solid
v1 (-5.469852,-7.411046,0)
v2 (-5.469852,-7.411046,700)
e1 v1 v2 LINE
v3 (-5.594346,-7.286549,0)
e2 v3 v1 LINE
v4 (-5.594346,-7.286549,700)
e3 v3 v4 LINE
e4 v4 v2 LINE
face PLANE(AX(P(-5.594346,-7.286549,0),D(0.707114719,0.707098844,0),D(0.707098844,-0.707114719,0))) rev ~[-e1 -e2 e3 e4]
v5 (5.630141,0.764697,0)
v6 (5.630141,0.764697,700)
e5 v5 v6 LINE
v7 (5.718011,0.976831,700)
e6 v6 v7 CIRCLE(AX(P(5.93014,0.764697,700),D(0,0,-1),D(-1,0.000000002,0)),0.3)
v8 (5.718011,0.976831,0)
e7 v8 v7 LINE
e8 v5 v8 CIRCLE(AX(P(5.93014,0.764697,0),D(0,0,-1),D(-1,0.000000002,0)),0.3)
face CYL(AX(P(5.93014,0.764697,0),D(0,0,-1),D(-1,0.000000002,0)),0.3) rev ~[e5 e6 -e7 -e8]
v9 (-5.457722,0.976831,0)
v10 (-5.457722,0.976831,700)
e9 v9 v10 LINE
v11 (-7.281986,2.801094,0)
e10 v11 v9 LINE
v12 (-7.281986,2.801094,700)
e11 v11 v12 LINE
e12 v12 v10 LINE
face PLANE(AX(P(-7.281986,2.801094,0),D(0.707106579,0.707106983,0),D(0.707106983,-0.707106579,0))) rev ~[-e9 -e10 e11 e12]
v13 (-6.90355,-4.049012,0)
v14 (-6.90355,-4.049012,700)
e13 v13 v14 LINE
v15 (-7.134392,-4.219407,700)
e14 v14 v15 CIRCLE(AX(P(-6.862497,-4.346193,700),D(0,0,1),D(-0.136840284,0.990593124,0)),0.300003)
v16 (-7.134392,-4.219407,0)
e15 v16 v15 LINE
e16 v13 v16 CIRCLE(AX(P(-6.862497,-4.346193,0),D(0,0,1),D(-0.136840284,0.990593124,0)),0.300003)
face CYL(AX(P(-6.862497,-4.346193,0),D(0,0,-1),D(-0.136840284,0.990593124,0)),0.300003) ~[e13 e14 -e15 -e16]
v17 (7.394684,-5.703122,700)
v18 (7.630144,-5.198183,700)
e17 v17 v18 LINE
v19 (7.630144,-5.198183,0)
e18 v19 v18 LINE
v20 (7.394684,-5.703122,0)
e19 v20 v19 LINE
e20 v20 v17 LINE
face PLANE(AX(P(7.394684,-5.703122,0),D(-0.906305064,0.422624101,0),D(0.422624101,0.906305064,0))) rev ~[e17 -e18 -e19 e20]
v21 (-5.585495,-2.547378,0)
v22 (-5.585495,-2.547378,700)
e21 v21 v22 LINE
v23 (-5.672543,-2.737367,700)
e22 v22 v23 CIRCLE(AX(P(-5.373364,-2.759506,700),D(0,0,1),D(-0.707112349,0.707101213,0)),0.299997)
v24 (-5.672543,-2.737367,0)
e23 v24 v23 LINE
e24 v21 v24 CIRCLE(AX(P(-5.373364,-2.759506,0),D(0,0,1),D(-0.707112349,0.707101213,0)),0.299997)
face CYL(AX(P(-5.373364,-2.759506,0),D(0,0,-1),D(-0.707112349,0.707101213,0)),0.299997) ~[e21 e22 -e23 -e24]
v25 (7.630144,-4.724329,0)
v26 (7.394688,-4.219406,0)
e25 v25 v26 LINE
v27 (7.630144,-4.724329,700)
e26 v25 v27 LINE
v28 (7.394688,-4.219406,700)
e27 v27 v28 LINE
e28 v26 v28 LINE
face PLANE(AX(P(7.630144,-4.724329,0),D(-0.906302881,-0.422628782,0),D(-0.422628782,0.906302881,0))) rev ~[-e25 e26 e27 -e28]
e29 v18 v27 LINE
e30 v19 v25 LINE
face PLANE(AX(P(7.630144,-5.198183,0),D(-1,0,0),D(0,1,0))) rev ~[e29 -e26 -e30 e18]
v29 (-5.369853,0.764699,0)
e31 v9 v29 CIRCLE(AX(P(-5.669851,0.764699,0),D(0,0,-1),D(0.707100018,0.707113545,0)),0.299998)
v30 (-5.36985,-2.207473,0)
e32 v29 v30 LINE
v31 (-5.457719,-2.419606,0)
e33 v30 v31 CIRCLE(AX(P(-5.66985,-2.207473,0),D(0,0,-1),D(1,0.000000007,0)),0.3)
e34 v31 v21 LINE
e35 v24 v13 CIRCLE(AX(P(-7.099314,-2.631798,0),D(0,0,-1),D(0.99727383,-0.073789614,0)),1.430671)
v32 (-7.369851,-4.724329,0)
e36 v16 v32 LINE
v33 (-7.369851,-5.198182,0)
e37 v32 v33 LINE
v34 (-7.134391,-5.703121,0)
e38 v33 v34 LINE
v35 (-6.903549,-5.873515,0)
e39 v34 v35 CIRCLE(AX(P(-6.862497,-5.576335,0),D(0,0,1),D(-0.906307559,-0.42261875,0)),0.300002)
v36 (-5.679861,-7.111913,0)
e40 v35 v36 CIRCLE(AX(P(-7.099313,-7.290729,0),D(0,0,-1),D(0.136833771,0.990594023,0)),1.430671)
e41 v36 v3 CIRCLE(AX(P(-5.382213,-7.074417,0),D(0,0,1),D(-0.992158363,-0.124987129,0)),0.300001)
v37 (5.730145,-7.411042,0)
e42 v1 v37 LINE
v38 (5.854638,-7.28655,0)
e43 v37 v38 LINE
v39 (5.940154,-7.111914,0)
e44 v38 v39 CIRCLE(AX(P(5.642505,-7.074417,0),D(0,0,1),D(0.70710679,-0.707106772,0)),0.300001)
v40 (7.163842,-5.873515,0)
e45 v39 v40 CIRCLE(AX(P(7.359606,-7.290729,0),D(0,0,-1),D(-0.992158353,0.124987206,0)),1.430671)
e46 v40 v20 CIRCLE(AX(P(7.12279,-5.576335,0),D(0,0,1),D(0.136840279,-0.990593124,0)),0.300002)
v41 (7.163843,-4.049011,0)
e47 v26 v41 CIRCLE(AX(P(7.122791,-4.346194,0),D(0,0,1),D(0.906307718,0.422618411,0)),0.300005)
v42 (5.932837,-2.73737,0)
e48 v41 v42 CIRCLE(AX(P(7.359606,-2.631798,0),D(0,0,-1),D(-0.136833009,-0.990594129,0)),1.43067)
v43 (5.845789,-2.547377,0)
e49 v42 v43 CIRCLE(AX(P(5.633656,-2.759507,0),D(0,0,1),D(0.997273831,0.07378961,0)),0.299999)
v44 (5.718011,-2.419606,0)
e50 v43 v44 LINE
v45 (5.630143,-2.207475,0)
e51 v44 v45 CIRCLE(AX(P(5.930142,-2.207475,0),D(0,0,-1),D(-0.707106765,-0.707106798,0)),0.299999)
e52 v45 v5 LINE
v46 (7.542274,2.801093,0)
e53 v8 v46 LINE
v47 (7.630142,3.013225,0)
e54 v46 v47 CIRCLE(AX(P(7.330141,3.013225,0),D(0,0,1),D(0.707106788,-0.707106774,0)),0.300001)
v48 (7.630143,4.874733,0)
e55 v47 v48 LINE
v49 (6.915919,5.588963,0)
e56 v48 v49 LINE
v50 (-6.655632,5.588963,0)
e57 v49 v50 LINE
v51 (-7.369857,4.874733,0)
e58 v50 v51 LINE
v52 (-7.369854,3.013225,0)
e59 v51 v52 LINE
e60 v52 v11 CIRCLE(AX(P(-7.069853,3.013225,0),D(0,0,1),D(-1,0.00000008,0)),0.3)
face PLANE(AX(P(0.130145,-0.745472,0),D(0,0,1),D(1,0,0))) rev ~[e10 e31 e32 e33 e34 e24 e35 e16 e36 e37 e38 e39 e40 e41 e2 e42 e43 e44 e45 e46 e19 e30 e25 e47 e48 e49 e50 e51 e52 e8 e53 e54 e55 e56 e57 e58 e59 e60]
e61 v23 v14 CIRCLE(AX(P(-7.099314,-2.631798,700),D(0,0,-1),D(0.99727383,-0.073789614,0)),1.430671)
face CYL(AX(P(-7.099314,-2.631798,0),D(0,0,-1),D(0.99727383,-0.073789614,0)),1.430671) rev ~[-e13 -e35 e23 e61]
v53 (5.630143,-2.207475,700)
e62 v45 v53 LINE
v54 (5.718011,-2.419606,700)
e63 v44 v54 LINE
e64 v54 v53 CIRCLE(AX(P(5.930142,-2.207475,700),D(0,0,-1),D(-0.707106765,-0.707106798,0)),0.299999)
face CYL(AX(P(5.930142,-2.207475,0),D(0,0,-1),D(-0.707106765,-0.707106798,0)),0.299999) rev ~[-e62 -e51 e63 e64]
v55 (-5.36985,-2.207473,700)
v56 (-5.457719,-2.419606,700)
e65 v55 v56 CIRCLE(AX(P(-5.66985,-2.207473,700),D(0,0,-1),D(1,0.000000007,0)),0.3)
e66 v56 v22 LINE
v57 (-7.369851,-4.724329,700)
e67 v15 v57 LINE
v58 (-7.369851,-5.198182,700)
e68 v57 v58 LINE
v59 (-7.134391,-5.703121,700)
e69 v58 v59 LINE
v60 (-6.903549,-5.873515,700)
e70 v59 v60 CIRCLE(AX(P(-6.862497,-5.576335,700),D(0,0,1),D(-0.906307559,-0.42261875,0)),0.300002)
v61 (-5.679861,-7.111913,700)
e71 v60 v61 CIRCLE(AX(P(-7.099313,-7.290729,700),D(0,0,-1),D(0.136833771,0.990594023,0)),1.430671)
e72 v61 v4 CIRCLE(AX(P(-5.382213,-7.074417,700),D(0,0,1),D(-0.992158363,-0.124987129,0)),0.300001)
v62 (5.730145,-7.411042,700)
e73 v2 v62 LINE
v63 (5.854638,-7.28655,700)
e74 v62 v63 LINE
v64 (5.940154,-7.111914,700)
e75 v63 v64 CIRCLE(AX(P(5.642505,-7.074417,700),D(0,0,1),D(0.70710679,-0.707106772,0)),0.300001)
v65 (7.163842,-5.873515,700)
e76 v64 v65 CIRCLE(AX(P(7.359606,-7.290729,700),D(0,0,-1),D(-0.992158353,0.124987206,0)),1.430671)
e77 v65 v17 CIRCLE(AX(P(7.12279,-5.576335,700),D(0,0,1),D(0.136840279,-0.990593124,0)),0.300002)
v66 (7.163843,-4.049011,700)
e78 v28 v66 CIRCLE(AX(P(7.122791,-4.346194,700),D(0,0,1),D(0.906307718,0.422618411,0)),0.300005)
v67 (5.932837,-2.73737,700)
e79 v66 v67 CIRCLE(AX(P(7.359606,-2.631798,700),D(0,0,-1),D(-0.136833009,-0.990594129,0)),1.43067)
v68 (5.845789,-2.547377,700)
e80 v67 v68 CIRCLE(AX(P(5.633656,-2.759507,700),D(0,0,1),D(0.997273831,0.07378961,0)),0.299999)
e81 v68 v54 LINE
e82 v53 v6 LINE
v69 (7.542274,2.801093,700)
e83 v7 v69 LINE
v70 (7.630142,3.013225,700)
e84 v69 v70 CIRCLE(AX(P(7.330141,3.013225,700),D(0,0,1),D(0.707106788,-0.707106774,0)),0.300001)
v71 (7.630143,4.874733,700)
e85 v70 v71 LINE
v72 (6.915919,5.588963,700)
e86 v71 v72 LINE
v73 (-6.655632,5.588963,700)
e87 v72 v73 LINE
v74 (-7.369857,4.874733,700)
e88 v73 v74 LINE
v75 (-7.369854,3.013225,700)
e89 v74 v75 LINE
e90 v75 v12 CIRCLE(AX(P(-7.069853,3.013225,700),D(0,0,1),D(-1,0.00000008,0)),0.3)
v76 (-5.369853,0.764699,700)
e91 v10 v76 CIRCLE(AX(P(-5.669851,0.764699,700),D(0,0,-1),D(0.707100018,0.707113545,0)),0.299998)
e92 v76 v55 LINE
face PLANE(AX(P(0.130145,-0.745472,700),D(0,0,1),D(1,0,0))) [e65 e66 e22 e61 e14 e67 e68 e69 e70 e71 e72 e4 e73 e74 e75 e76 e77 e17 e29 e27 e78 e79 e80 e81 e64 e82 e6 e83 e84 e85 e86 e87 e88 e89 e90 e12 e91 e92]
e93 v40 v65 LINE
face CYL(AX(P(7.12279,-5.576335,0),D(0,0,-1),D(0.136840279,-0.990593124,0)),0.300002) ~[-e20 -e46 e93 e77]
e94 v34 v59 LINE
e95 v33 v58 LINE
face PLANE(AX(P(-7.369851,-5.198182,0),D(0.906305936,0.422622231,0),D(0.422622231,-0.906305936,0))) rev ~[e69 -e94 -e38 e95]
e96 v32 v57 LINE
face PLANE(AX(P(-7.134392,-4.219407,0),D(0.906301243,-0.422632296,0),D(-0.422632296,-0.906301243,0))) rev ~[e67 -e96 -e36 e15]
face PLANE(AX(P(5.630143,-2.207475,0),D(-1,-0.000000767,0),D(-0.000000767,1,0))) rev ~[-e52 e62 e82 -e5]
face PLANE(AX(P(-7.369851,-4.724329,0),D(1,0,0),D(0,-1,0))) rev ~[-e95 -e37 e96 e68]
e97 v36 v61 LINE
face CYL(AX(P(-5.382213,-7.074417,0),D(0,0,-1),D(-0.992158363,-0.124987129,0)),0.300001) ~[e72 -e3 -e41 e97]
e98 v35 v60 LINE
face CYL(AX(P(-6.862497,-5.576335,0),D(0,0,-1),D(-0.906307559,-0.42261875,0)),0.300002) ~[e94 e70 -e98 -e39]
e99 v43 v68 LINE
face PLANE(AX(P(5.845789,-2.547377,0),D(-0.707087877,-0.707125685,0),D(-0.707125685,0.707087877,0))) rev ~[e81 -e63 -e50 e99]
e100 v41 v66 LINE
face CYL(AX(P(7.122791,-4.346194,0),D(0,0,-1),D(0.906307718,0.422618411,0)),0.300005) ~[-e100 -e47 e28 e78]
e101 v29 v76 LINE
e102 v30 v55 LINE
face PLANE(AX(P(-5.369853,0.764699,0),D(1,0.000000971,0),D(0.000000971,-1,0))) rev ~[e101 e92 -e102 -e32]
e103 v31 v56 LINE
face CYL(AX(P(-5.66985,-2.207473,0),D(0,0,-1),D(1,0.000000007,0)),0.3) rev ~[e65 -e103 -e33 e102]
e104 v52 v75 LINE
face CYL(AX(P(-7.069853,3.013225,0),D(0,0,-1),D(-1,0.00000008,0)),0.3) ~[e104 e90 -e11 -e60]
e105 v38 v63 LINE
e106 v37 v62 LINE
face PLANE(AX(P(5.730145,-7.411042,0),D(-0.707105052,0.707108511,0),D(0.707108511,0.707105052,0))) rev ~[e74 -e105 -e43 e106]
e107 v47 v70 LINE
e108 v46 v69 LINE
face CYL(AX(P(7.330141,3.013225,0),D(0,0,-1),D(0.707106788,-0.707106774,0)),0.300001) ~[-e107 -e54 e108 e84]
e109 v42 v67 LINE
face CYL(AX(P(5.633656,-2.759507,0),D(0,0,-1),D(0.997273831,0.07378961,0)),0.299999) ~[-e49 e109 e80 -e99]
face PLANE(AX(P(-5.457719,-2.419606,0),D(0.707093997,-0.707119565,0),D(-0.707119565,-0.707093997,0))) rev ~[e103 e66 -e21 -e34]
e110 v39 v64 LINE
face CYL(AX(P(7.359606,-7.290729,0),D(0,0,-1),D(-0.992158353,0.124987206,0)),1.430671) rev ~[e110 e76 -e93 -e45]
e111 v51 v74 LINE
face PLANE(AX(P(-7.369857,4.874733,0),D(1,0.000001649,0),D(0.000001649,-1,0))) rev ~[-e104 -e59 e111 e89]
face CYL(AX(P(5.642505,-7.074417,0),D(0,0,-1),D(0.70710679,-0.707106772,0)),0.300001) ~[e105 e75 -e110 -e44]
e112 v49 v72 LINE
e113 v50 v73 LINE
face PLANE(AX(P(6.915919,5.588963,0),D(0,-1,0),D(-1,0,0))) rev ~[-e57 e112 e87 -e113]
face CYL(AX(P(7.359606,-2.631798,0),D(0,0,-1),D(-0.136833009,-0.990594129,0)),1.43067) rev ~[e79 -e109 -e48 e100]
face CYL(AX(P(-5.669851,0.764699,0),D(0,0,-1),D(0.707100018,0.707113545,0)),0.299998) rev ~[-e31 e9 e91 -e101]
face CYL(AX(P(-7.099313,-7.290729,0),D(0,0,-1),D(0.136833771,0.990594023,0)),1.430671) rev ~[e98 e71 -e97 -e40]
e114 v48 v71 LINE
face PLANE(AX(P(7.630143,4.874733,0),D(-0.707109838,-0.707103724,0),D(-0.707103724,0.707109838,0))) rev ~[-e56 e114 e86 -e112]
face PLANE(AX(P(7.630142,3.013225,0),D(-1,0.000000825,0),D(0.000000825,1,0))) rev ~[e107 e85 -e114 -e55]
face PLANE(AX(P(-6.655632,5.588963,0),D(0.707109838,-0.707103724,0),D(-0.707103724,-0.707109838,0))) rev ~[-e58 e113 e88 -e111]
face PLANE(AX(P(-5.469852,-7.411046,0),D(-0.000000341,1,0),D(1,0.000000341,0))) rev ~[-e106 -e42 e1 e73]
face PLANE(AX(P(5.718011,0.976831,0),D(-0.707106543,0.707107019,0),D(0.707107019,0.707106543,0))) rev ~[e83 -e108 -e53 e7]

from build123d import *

# Parameters (mm, degrees)
EXTRUDE_1_DEPTH = 700


with BuildPart() as part:
    # Эскиз1 → Бобышка-Вытянуть1 (new body)
    with BuildSketch(Plane.XY):
        with BuildLine():
            Line((-5.46985211, -7.411045604), (5.730145315, -7.411041789))
            Line((5.730145315, -7.411041789), (5.854638028, -7.286549685))
            ThreePointArc((5.854638028, -7.286549685), (5.911937364, -7.20635235), (5.940153705, -7.111913668))
            ThreePointArc((5.940153705, -7.111913668), (6.341942581, -6.285154294), (7.163841877, -5.873514998))
            ThreePointArc((7.163841877, -5.873514998), (7.300953358, -5.817703777), (7.394683615, -5.703121539))
            Line((7.394683615, -5.703121539), (7.630144215, -5.198183147))
            Line((7.630144215, -5.198183147), (7.630144215, -4.724329082))
            Line((7.630144215, -4.724329082), (7.394687631, -4.219406111))
            ThreePointArc((7.394687631, -4.219406111), (7.300956391, -4.104822605), (7.163843431, -4.049010766))
            ThreePointArc((7.163843431, -4.049010766), (6.316412668, -3.610860037), (5.932837044, -2.737370082))
            ThreePointArc((5.932837044, -2.737370082), (5.906391792, -2.634548817), (5.845788955, -2.547377378))
            Line((5.845788955, -2.547377378), (5.718010589, -2.419605844))
            ThreePointArc((5.718010589, -2.419605844), (5.652979011, -2.322279213), (5.630142958, -2.207474624))
            Line((5.630142958, -2.207474624), (5.630140678, 0.76469716))
            ThreePointArc((5.630140678, 0.76469716), (5.652977343, 0.879503392), (5.718010579, 0.976830996))
            Line((5.718010579, 0.976830996), (7.542273692, 2.80109288))
            ThreePointArc((7.542273692, 2.80109288), (7.607305679, 2.898420128), (7.630141876, 3.013225444))
            Line((7.630141876, 3.013225444), (7.630143411, 4.874732859))
            Line((7.630143411, 4.874732859), (6.915919245, 5.5889632))
            Line((6.915919245, 5.5889632), (-6.655632424, 5.5889632))
            Line((-6.655632424, 5.5889632), (-7.369856589, 4.874732859))
            Line((-7.369856589, 4.874732859), (-7.36985352, 3.01322547))
            ThreePointArc((-7.36985352, 3.01322547), (-7.347017561, 2.898420809), (-7.281986205, 2.801093969))
            Line((-7.281986205, 2.801093969), (-5.457722471, 0.976831278))
            ThreePointArc((-5.457722471, 0.976831278), (-5.392689614, 0.879504241), (-5.369853082, 0.764698676))
            Line((-5.369853082, 0.764698676), (-5.369850196, -2.207473107))
            ThreePointArc((-5.369850196, -2.207473107), (-5.392686546, -2.322278688), (-5.457718941, -2.419606012))
            Line((-5.457718941, -2.419606012), (-5.58549549, -2.547377941))
            ThreePointArc((-5.58549549, -2.547377941), (-5.646097371, -2.63454755), (-5.672542868, -2.737366636))
            ThreePointArc((-5.672542868, -2.737366636), (-6.056117526, -3.610859609), (-6.903549853, -4.049012485))
            ThreePointArc((-6.903549853, -4.049012485), (-7.040661794, -4.104823909), (-7.134392337, -4.219406564))
            Line((-7.134392337, -4.219406564), (-7.369851244, -4.724329406))
            Line((-7.369851244, -4.724329406), (-7.369851244, -5.198181564))
            Line((-7.369851244, -5.198181564), (-7.134391321, -5.703121225))
            ThreePointArc((-7.134391321, -5.703121225), (-7.040660935, -5.817703621), (-6.903549265, -5.873514919))
            ThreePointArc((-6.903549265, -5.873514919), (-6.081649939, -6.285154158), (-5.679860891, -7.111913449))
            ThreePointArc((-5.679860891, -7.111913449), (-5.65164477, -7.206351932), (-5.594345742, -7.286549177))
            Line((-5.594345742, -7.286549177), (-5.46985211, -7.411045604))
        make_face()
    extrude(amount=EXTRUDE_1_DEPTH)


solid = part.part
